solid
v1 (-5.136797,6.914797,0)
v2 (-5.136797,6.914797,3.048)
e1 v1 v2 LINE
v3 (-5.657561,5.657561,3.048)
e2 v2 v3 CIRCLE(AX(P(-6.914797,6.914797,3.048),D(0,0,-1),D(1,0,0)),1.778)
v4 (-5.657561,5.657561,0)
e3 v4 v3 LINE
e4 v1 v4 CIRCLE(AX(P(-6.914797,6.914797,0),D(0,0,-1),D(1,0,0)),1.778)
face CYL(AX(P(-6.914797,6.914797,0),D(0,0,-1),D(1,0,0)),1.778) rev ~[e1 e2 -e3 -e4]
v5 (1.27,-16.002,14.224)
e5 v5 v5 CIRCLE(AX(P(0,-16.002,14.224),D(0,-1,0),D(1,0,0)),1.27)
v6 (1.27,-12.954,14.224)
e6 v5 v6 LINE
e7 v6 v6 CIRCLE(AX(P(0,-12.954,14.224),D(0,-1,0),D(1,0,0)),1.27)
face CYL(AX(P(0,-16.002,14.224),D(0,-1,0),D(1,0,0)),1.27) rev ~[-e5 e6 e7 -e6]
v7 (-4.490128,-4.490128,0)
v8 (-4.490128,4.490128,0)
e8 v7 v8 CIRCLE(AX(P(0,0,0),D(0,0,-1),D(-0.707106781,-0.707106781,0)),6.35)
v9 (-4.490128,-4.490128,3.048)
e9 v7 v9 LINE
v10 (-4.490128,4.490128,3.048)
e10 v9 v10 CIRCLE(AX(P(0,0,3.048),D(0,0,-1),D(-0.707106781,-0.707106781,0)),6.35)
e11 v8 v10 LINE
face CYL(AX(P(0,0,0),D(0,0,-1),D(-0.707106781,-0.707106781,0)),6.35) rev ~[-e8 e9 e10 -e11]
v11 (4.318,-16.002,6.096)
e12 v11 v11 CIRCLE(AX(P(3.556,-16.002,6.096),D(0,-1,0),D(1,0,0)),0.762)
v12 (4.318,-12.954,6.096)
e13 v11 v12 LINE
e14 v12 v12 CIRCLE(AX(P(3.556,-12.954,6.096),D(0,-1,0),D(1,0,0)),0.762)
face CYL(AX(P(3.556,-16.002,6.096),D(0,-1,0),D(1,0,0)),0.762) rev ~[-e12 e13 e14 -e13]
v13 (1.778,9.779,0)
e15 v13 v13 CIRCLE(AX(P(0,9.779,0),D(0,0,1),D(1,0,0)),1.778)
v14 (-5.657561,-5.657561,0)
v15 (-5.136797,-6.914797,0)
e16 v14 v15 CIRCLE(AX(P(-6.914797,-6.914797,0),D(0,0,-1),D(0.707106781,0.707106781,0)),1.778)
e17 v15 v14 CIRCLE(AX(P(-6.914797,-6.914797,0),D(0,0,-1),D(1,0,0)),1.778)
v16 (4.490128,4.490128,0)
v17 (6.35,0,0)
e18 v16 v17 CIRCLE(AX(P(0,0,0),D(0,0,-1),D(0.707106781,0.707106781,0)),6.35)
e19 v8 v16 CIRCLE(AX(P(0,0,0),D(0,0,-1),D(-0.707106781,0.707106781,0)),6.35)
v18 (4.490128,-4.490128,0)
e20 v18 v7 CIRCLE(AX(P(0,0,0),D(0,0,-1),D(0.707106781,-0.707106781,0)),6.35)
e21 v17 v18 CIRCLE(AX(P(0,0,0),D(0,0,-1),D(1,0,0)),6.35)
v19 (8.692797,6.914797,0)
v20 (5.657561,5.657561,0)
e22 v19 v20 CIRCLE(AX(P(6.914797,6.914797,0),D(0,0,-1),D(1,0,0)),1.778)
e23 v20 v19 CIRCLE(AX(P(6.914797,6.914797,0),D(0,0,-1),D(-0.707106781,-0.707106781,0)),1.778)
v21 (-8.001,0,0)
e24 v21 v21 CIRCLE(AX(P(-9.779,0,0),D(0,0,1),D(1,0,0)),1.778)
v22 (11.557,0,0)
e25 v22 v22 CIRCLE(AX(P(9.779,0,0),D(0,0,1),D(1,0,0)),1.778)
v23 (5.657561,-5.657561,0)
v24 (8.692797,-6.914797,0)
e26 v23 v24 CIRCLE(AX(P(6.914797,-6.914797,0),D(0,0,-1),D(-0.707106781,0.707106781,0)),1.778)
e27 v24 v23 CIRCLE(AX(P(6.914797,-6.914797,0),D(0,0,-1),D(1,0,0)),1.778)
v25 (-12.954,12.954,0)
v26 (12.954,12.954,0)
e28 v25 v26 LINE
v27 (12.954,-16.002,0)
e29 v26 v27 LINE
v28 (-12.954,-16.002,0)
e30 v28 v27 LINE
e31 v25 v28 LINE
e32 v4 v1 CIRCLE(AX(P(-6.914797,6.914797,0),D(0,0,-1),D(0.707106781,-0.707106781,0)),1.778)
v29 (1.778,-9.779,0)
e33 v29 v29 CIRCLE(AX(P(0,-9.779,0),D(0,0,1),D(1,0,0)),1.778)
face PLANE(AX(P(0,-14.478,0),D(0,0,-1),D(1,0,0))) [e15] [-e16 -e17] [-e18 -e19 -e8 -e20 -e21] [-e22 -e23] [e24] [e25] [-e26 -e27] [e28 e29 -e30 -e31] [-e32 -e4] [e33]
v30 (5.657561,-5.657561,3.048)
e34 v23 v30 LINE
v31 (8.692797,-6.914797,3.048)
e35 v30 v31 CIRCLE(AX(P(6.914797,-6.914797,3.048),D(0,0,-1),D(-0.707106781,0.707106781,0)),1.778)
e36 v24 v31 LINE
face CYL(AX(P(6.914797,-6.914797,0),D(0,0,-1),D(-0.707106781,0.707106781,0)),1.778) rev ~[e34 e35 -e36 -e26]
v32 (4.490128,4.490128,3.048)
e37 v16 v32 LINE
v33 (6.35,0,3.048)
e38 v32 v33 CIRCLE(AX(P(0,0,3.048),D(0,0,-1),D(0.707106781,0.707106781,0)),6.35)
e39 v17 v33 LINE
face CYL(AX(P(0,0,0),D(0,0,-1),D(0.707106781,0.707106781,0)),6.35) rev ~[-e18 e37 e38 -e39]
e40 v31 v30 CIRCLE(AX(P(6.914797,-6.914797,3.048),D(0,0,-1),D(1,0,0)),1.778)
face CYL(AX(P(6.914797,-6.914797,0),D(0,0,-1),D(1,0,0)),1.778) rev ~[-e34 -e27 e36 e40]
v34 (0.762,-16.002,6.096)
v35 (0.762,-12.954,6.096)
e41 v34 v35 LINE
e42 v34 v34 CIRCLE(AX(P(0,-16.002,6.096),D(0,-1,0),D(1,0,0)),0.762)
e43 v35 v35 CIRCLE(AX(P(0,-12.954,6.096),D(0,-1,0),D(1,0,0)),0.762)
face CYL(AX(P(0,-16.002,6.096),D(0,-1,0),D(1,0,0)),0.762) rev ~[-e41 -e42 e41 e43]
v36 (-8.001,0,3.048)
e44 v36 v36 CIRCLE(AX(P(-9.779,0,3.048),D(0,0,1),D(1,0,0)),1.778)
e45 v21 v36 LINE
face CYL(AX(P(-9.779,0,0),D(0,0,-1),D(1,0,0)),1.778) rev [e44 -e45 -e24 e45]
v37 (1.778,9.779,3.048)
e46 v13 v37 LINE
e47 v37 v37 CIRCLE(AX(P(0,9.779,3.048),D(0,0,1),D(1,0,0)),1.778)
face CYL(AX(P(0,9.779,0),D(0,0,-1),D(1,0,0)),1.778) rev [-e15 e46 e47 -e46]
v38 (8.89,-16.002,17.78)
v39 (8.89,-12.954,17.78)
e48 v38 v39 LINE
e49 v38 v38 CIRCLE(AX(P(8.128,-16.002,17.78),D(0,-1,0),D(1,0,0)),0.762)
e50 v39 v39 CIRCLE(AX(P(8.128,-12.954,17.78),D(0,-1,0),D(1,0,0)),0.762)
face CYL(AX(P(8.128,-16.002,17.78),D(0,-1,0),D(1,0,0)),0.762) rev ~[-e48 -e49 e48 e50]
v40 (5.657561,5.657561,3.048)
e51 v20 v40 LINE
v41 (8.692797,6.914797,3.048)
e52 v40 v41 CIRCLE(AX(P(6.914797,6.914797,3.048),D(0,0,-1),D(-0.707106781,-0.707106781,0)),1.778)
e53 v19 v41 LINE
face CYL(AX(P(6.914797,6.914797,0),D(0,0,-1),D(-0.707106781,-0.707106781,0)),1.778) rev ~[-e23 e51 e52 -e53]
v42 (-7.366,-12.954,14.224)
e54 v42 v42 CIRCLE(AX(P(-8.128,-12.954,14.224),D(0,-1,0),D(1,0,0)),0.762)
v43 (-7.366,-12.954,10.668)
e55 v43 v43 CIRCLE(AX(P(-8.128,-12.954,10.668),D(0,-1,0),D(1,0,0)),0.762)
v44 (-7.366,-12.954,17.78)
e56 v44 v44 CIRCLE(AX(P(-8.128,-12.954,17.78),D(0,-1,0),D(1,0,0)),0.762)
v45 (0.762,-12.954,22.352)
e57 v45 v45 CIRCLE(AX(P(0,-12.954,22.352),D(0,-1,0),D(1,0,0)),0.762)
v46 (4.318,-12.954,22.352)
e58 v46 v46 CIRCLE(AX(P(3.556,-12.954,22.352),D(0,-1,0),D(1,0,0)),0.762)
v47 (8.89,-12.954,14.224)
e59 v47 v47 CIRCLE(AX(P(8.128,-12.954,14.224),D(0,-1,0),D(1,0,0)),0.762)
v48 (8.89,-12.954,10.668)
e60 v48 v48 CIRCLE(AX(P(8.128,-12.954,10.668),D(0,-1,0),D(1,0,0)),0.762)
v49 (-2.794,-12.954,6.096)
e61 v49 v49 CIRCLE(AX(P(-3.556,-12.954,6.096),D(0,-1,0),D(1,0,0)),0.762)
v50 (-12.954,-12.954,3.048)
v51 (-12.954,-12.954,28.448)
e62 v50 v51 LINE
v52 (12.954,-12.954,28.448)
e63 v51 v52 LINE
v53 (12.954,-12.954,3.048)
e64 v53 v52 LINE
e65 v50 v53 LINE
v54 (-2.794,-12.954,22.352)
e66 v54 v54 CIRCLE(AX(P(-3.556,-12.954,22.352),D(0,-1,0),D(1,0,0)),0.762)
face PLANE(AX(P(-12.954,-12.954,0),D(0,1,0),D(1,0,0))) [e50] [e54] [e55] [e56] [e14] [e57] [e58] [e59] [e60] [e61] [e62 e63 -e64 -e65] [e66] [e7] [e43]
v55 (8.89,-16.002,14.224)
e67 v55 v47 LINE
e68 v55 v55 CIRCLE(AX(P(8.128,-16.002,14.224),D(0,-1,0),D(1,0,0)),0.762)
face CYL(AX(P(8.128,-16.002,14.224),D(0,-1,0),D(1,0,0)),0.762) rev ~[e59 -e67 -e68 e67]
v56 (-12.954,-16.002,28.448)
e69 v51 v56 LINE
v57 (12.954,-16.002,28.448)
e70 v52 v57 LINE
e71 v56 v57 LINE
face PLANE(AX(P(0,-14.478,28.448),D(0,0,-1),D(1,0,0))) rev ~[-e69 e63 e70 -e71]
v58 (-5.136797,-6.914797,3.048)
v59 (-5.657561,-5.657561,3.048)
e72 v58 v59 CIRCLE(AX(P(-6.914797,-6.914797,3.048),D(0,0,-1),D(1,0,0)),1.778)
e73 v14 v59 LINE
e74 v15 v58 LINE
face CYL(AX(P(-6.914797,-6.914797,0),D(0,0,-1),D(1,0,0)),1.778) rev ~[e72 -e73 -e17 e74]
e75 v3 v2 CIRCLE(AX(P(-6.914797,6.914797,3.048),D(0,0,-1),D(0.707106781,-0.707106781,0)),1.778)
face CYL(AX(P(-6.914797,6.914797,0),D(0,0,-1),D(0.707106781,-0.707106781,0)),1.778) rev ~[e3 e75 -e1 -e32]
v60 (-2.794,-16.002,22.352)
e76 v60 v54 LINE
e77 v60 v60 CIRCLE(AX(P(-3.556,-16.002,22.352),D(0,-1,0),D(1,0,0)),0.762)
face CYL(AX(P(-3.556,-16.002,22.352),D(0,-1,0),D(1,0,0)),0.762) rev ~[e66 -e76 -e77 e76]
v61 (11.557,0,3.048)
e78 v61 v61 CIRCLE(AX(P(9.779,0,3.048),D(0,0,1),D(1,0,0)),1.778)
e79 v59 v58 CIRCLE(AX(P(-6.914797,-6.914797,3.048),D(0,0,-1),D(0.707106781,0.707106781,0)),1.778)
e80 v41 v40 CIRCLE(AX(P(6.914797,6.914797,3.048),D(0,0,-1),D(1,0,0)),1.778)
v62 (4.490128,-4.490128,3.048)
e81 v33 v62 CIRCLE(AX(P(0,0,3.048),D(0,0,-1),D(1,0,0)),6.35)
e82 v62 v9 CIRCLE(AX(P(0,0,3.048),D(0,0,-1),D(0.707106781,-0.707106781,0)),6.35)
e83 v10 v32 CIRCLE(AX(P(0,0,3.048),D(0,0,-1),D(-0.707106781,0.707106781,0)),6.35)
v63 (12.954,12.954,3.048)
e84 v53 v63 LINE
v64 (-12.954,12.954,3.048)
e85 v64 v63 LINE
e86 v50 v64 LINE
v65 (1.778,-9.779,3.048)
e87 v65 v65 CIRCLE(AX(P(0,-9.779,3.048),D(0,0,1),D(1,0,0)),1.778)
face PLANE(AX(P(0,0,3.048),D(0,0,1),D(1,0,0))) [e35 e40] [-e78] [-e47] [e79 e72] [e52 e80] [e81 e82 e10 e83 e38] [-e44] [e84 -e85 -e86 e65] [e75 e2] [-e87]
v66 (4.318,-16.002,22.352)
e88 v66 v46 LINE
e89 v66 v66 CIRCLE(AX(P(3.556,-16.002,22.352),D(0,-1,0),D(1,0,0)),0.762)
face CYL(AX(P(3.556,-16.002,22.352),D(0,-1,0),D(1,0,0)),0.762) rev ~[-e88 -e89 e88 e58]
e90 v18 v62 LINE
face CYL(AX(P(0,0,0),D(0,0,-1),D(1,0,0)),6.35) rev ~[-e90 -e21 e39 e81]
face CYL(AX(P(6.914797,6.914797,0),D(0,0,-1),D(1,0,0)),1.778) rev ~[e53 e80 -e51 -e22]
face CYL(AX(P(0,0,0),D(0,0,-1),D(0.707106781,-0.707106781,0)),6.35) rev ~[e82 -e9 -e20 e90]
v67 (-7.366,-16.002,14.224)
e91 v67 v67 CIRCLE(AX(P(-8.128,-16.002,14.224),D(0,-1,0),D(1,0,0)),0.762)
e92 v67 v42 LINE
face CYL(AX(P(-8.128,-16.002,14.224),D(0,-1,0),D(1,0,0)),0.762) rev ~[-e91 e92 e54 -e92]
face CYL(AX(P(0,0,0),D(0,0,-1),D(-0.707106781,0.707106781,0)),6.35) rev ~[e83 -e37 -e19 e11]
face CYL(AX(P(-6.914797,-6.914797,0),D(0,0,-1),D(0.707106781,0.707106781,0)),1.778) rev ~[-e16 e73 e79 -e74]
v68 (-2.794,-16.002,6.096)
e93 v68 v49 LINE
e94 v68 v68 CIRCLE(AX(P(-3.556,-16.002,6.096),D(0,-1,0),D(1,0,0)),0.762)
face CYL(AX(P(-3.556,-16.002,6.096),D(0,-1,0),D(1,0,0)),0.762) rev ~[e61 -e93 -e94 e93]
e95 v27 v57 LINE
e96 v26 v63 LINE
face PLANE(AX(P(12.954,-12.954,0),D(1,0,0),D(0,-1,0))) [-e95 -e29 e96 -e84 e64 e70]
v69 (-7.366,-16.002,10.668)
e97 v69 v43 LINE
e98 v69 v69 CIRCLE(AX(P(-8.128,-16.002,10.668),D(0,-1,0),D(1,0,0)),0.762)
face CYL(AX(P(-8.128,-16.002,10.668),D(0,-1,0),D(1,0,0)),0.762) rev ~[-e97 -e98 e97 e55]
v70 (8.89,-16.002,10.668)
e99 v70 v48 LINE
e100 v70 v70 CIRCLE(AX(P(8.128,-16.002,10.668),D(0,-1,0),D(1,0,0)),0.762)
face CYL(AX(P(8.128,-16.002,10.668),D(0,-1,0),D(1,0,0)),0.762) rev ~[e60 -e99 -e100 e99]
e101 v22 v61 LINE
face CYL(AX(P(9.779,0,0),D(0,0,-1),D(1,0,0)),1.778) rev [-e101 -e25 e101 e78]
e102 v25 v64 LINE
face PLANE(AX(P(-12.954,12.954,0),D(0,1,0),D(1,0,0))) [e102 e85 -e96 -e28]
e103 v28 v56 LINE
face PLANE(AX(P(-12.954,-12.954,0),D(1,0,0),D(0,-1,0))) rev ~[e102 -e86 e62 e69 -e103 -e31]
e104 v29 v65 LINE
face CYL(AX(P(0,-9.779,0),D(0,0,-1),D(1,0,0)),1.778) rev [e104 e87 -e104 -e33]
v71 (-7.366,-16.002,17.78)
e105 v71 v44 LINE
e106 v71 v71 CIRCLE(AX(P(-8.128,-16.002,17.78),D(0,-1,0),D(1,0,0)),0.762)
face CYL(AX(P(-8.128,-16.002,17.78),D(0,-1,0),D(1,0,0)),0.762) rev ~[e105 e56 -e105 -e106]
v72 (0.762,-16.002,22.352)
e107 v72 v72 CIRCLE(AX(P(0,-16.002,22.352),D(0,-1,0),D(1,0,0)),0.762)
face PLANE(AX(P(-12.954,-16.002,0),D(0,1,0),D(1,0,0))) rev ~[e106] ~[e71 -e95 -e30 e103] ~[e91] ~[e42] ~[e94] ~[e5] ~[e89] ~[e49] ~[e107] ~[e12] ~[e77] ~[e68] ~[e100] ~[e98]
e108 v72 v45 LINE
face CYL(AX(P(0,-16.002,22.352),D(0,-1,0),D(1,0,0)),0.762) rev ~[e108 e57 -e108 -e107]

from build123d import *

# Parameters (mm, degrees)
F0_W     = 25.908
F0_H     = 25.908
F0_R     = 1.778
F1_DEPTH = 3.048
F2_W     = 25.908
F2_H     = 3.048
F3_DEPTH = 28.448
F4_R     = 0.762
F4_R_2   = 1.27
F5_DEPTH = 25.4


with BuildPart() as f1:
    # F0 (on Top) → F1 (new body)
    with BuildSketch(Plane.XY):
        Rectangle(F0_W, F0_H)
        with BuildLine():
            ThreePointArc((-5.1367972132, -6.9147972132), (-8.557455022, -7.595208356), (-5.6575613563, -5.6575613563))
            ThreePointArc((-5.6575613563, -5.6575613563), (-5.2721394044, -6.2343860705), (-5.1367972132, -6.9147972132))
        make_face(mode=Mode.SUBTRACT)
        with Locations((0, -9.779)):
            Circle(F0_R, mode=Mode.SUBTRACT)
        with BuildLine():
            ThreePointArc((8.6927972132, -6.9147972132), (6.2343860705, -8.557455022), (5.6575613563, -5.6575613563))
            ThreePointArc((5.6575613563, -5.6575613563), (7.595208356, -5.2721394044), (8.6927972132, -6.9147972132))
        make_face(mode=Mode.SUBTRACT)
        with Locations((-9.779, 0)):
            Circle(F0_R, mode=Mode.SUBTRACT)
        with BuildLine():
            ThreePointArc((-5.1367972132, 6.9147972132), (-5.2721394044, 6.2343860705), (-5.6575613563, 5.6575613563))
            ThreePointArc((-5.6575613563, 5.6575613563), (-8.557455022, 7.595208356), (-5.1367972132, 6.9147972132))
        make_face(mode=Mode.SUBTRACT)
        with BuildLine():
            ThreePointArc((4.4901280605, 4.4901280605), (5.8666350314, 2.4300397955), (6.35, 0))
            ThreePointArc((6.35, 0), (5.8666350314, -2.4300397955), (4.4901280605, -4.4901280605))
            ThreePointArc((4.4901280605, -4.4901280605), (0, -6.35), (-4.4901280605, -4.4901280605))
            ThreePointArc((-4.4901280605, -4.4901280605), (-6.35, 0), (-4.4901280605, 4.4901280605))
            ThreePointArc((-4.4901280605, 4.4901280605), (0, 6.35), (4.4901280605, 4.4901280605))
        make_face(mode=Mode.SUBTRACT)
        with Locations((9.779, 0)):
            Circle(F0_R, mode=Mode.SUBTRACT)
        with Locations((0, 9.779)):
            Circle(F0_R, mode=Mode.SUBTRACT)
        with BuildLine():
            ThreePointArc((8.6927972132, 6.9147972132), (7.595208356, 5.2721394044), (5.6575613563, 5.6575613563))
            ThreePointArc((5.6575613563, 5.6575613563), (6.2343860705, 8.557455022), (8.6927972132, 6.9147972132))
        make_face(mode=Mode.SUBTRACT)
    extrude(amount=F1_DEPTH)

    # F2 (on face) → F3 (join)
    with BuildSketch(Plane(origin=(0, 0, 0), x_dir=(1, 0, 0), z_dir=(0, 0, -1))):
        with Locations((0, 14.478)):
            Rectangle(F2_W, F2_H)
    extrude(amount=-F3_DEPTH)

    # F4 (on face) → F5 (cut)
    with BuildSketch(Plane.XZ.offset(16.002)):
        with Locations((-8.128, 14.224)):
            Circle(F4_R)
        with Locations((-8.128, 17.78)):
            Circle(F4_R)
        with Locations((-8.128, 10.668)):
            Circle(F4_R)
        with Locations((-3.556, 6.096)):
            Circle(F4_R)
        with Locations((0, 6.096)):
            Circle(F4_R)
        with Locations((3.556, 6.096)):
            Circle(F4_R)
        with Locations((8.128, 10.668)):
            Circle(F4_R)
        with Locations((8.128, 14.224)):
            Circle(F4_R)
        with Locations((8.128, 17.78)):
            Circle(F4_R)
        with Locations((3.556, 22.352)):
            Circle(F4_R)
        with Locations((0, 22.352)):
            Circle(F4_R)
        with Locations((-3.556, 22.352)):
            Circle(F4_R)
        with Locations((0, 14.224)):
            Circle(F4_R_2)
    extrude(amount=-F5_DEPTH, mode=Mode.SUBTRACT)


solid = f1.part
